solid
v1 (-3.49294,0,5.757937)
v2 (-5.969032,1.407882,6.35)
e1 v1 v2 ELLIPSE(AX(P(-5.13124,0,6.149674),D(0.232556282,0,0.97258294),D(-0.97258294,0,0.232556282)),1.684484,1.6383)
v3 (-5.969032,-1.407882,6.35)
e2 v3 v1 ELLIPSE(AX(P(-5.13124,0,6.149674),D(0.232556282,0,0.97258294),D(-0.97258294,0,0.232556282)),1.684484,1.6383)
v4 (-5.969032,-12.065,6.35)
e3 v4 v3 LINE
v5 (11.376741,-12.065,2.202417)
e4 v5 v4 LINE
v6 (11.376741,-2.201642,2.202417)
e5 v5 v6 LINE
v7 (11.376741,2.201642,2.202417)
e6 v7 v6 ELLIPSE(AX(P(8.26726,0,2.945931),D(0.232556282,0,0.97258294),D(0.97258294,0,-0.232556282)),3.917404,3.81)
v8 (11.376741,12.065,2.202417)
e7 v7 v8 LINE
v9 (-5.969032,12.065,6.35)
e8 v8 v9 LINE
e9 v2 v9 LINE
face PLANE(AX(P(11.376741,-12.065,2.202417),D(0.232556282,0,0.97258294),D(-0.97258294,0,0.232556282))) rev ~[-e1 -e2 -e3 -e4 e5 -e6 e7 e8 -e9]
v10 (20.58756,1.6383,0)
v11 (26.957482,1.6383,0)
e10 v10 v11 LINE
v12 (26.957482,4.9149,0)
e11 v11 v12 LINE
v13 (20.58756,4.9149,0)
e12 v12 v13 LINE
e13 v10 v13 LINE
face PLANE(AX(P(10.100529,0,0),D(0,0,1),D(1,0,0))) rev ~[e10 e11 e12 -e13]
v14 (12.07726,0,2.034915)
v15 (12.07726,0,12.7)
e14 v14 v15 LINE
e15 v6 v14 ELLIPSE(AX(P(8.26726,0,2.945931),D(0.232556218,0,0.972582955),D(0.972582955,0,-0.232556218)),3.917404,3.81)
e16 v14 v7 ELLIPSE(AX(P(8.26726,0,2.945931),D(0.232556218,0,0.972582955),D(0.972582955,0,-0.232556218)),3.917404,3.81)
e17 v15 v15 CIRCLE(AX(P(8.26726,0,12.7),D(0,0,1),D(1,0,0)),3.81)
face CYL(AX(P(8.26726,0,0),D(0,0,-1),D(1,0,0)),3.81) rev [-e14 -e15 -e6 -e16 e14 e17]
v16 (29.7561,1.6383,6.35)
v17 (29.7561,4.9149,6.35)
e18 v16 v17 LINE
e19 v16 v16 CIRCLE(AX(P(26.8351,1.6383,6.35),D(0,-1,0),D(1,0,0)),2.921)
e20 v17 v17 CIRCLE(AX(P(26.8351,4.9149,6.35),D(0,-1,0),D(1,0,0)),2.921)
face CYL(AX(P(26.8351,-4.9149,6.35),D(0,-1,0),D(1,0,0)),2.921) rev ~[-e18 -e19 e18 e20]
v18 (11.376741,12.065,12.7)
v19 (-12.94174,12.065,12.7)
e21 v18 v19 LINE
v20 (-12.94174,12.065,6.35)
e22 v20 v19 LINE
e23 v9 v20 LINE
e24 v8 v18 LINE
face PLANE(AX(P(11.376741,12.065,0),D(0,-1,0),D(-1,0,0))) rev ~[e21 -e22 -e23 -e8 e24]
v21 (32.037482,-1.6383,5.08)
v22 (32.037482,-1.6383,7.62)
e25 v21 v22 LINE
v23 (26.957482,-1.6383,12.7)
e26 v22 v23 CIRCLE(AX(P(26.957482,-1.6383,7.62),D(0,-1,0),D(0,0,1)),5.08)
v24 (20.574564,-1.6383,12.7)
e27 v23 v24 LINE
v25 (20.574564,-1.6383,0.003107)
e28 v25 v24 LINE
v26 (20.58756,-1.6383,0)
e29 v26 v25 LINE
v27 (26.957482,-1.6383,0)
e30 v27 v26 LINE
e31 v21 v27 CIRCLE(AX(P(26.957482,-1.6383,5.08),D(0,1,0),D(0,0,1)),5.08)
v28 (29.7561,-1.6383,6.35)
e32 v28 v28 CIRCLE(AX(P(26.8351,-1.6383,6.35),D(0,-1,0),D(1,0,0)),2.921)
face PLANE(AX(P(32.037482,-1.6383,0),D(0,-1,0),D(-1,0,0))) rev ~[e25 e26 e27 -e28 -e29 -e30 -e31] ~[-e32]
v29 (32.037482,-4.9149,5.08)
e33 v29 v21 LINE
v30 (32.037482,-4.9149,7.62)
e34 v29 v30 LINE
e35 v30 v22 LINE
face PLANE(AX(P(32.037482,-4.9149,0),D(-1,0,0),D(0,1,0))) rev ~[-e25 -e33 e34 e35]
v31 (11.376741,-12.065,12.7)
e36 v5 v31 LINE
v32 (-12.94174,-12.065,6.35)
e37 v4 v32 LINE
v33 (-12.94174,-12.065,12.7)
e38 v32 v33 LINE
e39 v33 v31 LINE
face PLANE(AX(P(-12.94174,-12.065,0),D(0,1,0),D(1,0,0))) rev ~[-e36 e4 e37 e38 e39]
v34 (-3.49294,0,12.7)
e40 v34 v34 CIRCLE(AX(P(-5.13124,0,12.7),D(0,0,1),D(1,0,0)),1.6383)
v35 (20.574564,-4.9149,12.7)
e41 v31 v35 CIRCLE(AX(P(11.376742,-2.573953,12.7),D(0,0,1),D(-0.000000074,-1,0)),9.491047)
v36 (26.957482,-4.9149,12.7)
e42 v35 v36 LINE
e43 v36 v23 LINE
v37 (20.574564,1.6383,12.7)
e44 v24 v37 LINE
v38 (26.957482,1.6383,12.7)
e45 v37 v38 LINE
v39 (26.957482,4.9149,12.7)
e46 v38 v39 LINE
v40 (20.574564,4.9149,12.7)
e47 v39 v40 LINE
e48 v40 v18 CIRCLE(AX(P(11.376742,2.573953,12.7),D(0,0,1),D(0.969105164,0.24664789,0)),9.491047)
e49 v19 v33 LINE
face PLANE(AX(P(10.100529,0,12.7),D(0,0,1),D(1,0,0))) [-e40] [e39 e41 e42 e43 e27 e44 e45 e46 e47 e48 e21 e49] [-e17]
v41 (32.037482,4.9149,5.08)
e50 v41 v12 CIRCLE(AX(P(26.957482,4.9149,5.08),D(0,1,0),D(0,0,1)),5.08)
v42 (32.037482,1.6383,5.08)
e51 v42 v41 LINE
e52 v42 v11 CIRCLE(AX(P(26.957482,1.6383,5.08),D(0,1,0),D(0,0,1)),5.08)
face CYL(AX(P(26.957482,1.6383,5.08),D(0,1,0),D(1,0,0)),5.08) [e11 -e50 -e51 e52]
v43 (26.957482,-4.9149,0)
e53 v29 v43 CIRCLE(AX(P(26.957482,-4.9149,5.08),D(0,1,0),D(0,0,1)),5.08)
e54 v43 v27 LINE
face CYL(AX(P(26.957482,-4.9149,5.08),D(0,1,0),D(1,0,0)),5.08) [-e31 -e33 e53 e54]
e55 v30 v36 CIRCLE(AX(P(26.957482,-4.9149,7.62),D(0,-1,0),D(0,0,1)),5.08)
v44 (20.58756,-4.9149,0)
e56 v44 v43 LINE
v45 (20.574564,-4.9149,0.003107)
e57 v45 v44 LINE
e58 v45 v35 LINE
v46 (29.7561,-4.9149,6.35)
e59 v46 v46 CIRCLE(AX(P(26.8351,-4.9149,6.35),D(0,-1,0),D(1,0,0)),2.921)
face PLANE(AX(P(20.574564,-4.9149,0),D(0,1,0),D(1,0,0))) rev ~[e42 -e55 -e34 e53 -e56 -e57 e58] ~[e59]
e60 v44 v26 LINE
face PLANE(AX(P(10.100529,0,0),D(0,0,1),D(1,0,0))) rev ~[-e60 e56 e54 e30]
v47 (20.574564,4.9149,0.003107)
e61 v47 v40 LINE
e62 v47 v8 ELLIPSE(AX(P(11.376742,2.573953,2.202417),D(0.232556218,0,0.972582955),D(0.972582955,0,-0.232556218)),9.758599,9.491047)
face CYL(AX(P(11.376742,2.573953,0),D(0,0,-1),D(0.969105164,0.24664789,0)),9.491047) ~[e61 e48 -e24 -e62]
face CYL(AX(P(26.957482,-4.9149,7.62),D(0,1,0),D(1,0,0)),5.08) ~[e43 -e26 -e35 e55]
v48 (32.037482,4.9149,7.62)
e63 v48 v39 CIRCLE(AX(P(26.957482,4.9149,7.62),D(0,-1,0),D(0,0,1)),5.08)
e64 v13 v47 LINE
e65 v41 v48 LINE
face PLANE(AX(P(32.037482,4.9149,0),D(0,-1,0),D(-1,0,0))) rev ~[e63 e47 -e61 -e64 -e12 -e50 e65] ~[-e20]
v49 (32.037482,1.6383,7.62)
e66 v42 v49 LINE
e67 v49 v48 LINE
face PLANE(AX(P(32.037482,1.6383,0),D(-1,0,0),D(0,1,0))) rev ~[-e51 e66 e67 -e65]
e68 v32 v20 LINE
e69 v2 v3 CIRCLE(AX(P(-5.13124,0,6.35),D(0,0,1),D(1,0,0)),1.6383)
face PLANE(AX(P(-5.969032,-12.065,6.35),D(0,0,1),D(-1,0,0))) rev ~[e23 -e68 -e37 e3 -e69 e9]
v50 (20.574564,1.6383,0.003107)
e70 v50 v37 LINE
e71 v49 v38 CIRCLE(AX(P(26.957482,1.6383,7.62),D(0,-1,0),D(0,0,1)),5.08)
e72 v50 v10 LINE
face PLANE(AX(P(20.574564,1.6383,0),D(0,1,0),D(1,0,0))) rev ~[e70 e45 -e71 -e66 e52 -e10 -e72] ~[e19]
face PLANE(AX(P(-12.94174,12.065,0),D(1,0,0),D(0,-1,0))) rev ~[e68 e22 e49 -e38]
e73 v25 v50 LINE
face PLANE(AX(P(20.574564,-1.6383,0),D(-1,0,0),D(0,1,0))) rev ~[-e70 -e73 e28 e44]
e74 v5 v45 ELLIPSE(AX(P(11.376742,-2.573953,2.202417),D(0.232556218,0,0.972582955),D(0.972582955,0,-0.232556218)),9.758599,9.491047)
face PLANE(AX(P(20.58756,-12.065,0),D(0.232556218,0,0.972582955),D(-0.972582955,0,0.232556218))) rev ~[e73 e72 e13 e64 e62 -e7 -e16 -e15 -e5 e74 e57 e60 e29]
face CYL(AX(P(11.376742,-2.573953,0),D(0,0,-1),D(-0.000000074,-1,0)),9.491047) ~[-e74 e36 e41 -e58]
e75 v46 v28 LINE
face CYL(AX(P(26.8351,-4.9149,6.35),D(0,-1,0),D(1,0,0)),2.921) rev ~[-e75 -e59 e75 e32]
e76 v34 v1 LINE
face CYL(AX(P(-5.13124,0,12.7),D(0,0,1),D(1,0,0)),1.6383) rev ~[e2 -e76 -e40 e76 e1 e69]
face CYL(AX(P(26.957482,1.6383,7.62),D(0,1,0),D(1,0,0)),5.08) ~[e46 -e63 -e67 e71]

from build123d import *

# Parameters (mm, degrees)
F0_R     = 3.81
F1_DEPTH = 12.7
F3_R     = 5.08
F2_R     = 2.921
F4_DEPTH = 16.9809
F6_DEPTH = 24.131
F7_R     = 1.6383
F8_DEPTH = 25.4


with BuildPart() as f1:
    # F0 (on Top) → F1 (new body)
    with BuildSketch(Plane.XY):
        with BuildLine():
            Line((11.376741, 12.065), (-12.94174, 12.065))
            Line((-12.94174, 12.065), (-12.94174, -12.065))
            Line((-12.94174, -12.065), (11.376741, -12.065))
            ThreePointArc((11.376741, -12.065), (17.201771, -10.067217), (20.574564, -4.9149))
            Line((20.574564, -4.9149), (32.037482, -4.9149))
            Line((32.037482, -4.9149), (32.037482, -1.6383))
            Line((32.037482, -1.6383), (20.574564, -1.6383))
            Line((20.574564, -1.6383), (20.574564, 1.6383))
            Line((20.574564, 1.6383), (32.037482, 1.6383))
            Line((32.037482, 1.6383), (32.037482, 4.9149))
            Line((32.037482, 4.9149), (20.574564, 4.9149))
            ThreePointArc((20.574564, 4.9149), (17.201771, 10.067217), (11.376741, 12.065))
        make_face()
        with Locations((8.26726, 0)):
            Circle(F0_R, mode=Mode.SUBTRACT)
    extrude(amount=F1_DEPTH)

    # F3
    f3_edges = [f1.edges().sort_by_distance(p)[0] for p in [
        (32.037482, -3.2766, 12.7),
        (32.037482, 3.2766, 12.7),
        (32.037482, -3.2766, 0),
        (32.037482, 3.2766, 0),
    ]]
    fillet(f3_edges, radius=F3_R)

    # F2 (on face) → F4 (cut, through all)
    with BuildSketch(Plane.XZ.offset(4.9149)):
        with Locations((26.8351, 6.35)):
            Circle(F2_R)
    extrude(amount=-F4_DEPTH, mode=Mode.SUBTRACT)

    # F5 (on face) → F6 (cut, through all)
    with BuildSketch(Plane.XZ.offset(12.065)):
        Polygon((-5.969032, 6.35), (-12.94174, 6.35), (-12.94174, 0), (11.376741, 0), (11.376741, 2.202417), align=None)
        Polygon((20.58756, 0), (11.376741, 2.202417), (11.376741, 0), align=None)
    extrude(amount=-F6_DEPTH, mode=Mode.SUBTRACT)

    # F7 (on face) → F8 (cut)
    with BuildSketch(Plane.XY.offset(12.7)):
        with Locations((-5.13124, 0)):
            Circle(F7_R)
    extrude(amount=-F8_DEPTH, mode=Mode.SUBTRACT)


solid = f1.part
